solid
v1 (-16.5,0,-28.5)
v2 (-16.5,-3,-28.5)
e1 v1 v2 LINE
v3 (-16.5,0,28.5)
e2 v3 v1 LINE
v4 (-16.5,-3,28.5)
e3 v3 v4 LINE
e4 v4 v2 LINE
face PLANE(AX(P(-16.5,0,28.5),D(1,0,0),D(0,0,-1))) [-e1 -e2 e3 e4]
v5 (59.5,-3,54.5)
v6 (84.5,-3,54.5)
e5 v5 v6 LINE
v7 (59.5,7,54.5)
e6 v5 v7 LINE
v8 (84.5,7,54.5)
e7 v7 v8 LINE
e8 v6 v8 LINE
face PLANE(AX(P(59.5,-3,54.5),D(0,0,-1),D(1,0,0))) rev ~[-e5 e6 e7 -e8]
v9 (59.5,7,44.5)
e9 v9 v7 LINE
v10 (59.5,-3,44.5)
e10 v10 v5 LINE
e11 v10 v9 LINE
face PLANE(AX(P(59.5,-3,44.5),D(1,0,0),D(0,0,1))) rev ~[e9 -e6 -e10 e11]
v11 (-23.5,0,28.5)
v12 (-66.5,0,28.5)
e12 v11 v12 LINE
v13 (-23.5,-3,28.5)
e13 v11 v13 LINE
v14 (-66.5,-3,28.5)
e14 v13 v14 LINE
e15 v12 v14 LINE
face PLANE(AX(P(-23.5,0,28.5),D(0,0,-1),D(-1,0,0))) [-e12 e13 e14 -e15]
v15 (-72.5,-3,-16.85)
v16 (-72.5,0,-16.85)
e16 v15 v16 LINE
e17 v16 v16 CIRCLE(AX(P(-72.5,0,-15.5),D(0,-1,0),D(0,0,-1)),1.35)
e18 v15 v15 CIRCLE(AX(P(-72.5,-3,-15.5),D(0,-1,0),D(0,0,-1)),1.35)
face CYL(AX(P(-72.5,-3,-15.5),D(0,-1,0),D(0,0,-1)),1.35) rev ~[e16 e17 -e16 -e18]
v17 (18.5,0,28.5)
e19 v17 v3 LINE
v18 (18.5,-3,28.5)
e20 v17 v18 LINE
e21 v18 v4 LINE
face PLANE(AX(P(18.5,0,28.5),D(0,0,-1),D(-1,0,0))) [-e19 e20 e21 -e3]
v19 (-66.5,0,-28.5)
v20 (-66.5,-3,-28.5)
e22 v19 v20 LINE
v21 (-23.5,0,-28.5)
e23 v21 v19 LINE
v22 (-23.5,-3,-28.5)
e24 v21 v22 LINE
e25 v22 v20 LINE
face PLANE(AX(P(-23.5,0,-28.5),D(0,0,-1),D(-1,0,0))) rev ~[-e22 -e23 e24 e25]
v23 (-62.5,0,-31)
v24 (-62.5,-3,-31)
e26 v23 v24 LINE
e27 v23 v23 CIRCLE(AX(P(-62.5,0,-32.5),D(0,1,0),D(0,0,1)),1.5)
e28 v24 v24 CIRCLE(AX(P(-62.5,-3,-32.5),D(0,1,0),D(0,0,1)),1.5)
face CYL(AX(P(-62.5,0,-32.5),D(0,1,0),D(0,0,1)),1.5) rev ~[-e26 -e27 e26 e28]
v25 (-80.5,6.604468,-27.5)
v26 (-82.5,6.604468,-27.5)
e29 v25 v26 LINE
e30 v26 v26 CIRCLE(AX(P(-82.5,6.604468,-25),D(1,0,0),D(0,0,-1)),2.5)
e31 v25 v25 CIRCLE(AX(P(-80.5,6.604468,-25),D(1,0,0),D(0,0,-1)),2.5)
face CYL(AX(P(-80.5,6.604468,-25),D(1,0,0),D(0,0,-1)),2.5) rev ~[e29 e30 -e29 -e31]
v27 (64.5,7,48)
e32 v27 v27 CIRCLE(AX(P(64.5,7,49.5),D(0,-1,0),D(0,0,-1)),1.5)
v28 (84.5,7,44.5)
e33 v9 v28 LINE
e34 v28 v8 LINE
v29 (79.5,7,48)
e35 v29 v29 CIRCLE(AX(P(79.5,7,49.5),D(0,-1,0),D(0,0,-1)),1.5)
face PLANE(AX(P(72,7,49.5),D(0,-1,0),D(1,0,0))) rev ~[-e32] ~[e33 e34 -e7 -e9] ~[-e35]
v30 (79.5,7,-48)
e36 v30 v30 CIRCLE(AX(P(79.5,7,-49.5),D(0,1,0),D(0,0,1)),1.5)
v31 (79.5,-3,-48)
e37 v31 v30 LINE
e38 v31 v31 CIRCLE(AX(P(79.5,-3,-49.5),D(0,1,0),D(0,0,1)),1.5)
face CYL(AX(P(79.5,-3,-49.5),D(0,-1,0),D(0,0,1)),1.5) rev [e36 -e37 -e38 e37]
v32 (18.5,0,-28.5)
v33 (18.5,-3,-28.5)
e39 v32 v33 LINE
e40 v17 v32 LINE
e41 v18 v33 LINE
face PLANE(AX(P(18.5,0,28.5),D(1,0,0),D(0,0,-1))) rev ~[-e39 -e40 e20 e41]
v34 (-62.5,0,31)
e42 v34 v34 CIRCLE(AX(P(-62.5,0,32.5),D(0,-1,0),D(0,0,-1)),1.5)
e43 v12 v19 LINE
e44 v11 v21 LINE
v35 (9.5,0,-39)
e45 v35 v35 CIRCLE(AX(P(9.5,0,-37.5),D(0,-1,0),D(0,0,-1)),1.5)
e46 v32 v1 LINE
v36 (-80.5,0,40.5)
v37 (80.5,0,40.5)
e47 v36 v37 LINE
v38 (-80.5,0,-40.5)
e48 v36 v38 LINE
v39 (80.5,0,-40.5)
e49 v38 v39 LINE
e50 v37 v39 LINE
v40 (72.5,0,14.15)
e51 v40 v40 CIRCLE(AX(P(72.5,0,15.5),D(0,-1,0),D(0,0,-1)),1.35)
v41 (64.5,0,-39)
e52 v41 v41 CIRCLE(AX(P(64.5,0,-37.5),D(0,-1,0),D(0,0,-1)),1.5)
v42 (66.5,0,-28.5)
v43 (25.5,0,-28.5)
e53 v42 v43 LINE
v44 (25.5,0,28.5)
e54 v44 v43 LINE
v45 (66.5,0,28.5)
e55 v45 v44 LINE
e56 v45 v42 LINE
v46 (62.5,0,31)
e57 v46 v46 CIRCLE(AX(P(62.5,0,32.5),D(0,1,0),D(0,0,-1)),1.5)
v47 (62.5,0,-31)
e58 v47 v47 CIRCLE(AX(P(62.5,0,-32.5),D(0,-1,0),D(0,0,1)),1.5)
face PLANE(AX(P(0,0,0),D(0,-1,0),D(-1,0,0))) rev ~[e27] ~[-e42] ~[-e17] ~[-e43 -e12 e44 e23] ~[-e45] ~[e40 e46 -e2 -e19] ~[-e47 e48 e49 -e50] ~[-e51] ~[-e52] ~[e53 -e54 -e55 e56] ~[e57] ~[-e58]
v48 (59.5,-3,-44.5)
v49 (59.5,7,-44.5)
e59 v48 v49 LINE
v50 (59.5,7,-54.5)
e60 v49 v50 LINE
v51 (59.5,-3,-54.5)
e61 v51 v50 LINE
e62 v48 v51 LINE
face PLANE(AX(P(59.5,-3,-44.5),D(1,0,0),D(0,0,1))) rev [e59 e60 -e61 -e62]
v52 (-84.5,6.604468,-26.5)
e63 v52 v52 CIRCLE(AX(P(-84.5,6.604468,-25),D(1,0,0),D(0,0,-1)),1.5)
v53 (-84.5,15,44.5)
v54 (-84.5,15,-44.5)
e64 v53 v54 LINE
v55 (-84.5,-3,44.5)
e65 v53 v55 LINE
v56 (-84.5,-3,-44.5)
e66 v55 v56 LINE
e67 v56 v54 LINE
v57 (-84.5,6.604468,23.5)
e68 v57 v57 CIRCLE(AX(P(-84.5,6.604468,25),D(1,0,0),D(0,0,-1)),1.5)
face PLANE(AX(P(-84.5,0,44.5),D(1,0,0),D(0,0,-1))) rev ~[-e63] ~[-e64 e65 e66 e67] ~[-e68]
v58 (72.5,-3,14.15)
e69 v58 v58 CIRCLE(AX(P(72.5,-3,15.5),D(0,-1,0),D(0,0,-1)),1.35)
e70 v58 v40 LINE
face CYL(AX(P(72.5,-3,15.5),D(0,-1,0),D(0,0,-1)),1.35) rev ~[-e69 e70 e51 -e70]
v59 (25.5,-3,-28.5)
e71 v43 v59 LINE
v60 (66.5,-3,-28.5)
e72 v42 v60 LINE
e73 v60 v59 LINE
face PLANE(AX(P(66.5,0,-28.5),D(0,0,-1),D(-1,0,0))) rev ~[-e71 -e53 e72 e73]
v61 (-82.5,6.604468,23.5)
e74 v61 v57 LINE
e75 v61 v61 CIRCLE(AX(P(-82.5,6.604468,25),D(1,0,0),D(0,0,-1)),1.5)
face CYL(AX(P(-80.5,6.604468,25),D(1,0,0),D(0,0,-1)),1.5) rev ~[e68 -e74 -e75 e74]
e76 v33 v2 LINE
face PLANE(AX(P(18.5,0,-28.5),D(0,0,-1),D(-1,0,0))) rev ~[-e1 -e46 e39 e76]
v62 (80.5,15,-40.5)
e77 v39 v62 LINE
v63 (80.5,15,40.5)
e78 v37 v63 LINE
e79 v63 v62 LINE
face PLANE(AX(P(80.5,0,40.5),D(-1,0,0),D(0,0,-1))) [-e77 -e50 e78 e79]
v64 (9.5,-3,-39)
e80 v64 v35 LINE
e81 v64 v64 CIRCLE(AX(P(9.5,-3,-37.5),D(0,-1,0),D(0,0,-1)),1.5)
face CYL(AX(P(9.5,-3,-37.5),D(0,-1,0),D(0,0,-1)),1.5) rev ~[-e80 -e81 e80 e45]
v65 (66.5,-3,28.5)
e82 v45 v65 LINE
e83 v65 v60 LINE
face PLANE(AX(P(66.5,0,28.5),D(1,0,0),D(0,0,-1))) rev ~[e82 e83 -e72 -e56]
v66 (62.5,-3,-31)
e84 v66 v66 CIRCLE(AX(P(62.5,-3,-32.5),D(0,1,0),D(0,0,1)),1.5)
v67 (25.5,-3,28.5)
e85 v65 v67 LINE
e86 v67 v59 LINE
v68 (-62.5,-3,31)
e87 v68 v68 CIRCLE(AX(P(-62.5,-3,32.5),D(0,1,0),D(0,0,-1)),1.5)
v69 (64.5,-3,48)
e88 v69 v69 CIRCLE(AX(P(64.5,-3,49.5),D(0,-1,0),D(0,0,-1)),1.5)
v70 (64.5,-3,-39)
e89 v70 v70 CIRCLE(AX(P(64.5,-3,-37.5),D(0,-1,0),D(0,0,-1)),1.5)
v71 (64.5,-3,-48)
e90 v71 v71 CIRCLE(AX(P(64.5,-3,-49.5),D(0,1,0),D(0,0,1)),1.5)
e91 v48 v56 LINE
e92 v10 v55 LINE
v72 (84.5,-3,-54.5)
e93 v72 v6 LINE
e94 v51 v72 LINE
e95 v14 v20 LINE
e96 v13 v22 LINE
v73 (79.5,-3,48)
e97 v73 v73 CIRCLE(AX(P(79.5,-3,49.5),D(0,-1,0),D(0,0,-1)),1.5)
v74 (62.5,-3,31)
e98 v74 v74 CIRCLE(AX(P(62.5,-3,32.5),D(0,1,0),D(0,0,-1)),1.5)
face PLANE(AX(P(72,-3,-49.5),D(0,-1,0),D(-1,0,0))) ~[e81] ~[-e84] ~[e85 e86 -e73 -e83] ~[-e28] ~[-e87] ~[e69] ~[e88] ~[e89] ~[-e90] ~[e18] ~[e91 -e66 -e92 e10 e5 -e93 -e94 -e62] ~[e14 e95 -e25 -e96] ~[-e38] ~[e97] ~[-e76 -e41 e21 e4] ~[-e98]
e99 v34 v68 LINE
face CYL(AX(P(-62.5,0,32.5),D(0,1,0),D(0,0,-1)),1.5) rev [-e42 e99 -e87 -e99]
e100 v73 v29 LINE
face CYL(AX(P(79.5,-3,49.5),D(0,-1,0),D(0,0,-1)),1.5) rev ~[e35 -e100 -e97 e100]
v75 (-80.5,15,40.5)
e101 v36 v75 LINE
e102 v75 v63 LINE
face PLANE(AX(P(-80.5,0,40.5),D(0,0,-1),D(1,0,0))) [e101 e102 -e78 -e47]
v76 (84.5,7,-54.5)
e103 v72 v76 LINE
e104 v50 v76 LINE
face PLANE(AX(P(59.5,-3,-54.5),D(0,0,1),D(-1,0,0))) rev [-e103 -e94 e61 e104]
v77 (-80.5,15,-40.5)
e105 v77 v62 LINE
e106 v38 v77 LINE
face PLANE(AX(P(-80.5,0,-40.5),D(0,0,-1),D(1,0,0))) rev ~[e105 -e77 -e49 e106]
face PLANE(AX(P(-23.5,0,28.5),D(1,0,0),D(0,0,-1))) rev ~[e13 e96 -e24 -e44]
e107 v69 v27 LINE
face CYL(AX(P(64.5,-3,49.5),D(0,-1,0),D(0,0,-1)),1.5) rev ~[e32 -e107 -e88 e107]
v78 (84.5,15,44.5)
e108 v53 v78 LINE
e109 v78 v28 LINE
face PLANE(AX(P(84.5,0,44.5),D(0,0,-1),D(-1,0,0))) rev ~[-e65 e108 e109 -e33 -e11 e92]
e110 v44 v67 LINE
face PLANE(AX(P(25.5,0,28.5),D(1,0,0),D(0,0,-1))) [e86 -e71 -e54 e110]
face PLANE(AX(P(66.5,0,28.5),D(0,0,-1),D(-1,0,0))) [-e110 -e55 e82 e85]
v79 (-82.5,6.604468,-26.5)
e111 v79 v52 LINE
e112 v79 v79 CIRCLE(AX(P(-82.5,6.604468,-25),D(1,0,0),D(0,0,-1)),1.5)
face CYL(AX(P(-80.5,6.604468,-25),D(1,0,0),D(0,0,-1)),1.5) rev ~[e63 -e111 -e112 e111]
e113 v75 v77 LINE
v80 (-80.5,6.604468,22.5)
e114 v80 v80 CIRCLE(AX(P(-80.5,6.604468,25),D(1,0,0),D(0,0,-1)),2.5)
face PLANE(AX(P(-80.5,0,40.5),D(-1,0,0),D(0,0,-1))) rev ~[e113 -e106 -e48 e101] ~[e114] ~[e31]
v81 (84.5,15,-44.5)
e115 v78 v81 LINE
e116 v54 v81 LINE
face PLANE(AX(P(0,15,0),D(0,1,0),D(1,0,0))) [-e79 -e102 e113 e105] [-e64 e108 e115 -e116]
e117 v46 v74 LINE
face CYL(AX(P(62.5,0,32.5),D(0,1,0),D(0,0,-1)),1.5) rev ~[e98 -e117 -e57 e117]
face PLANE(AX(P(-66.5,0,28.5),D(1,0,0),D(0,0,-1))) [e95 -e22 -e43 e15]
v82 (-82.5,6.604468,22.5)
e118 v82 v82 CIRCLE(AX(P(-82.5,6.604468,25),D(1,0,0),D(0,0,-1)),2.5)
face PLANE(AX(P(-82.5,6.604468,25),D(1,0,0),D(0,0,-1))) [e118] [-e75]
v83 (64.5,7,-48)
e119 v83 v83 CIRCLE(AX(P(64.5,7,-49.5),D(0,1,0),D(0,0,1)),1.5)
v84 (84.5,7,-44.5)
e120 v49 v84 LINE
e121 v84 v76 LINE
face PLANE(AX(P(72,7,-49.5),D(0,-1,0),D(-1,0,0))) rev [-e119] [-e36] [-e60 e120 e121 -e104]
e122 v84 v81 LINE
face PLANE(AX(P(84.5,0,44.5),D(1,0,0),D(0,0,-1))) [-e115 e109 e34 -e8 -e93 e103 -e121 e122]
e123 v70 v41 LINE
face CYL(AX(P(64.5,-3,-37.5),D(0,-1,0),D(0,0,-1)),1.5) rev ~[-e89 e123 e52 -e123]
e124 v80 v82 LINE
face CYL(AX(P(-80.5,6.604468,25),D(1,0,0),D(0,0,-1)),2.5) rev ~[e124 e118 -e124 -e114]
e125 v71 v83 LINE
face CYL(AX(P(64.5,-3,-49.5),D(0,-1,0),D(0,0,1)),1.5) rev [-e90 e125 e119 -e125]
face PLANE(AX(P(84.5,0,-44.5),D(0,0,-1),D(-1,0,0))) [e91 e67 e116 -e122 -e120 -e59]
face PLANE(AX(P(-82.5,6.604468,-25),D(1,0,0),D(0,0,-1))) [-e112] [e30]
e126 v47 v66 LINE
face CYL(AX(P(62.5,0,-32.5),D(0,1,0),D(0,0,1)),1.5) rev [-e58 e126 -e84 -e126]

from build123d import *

# Parameters (mm, degrees)
SKETCH1_W               = 169
SKETCH1_H               = 89
SKETCH1_W_2             = 161
SKETCH1_H_2             = 81
BOSS_EXTRUDE1_DEPTH     = 15
SKETCH2_W               = 169
SKETCH2_H               = 89
SKETCH2_W_2             = 43
SKETCH2_H_2             = 57
SKETCH2_W_3             = 41
SKETCH2_W_4             = 35
BOSS_EXTRUDE2_DEPTH     = 3
SKETCH4_R               = 1.5
CUT_EXTRUDE1_DEPTH      = 13
SKETCH5_R               = 2.5
CUT_EXTRUDE2_DEPTH      = 2
SKETCH6_R               = 1.5
CUT_EXTRUDE3_DEPTH      = 10
SKETCH8_R               = 1.5
CUT_EXTRUDE4_DEPTH      = 4
MIRROR2_COPY_1_SKETCH_R = 1.5
MIRROR2_COPY_1_DEPTH    = 4
SKETCH10_R              = 1.35
CUT_EXTRUDE5_DEPTH      = 4
SKETCH11_W              = 25
SKETCH11_H              = 10
BOSS_EXTRUDE3_DEPTH     = 10
SKETCH12_R              = 1.5
CUT_EXTRUDE6_DEPTH      = 10


with BuildPart() as part:
    # Sketch1 → Boss-Extrude1 (new body)
    with BuildSketch(Plane(origin=(0, 0, 0), x_dir=(1, 0, 0), z_dir=(0, 1, 0))):
        Rectangle(SKETCH1_W, SKETCH1_H)
        Rectangle(SKETCH1_W_2, SKETCH1_H_2, mode=Mode.SUBTRACT)
    extrude(amount=BOSS_EXTRUDE1_DEPTH)

    # Sketch2 → Boss-Extrude2 (add)
    with BuildSketch(Plane(origin=(0, 0, 0), x_dir=(-1, 0, 0), z_dir=(0, -1, 0))):
        Rectangle(SKETCH2_W, SKETCH2_H)
        with Locations((45, 0)):
            Rectangle(SKETCH2_W_2, SKETCH2_H_2, mode=Mode.SUBTRACT)
        with Locations((-46, 0)):
            Rectangle(SKETCH2_W_3, SKETCH2_H_2, mode=Mode.SUBTRACT)
        with Locations((-1, 0)):
            Rectangle(SKETCH2_W_4, SKETCH2_H_2, mode=Mode.SUBTRACT)
    extrude(amount=BOSS_EXTRUDE2_DEPTH)

    # Sketch4 → Cut-Extrude1 (cut)
    with BuildSketch(Plane(origin=(-80.5, 0, 0), x_dir=(0, 0, -1), z_dir=(1, 0, 0))):
        with Locations((-25, 6.604468408)):
            Circle(SKETCH4_R)
        with Locations((25, 6.604468408)):
            Circle(SKETCH4_R)
    extrude(amount=-CUT_EXTRUDE1_DEPTH, mode=Mode.SUBTRACT)

    # Sketch5 → Cut-Extrude2 (cut)
    with BuildSketch(Plane(origin=(-80.5, 0, 0), x_dir=(0, 0, -1), z_dir=(1, 0, 0))):
        with Locations((-25, 6.604468408)):
            Circle(SKETCH5_R)
        with Locations((25, 6.604468408)):
            Circle(SKETCH5_R)
    extrude(amount=-CUT_EXTRUDE2_DEPTH, mode=Mode.SUBTRACT)

    # Sketch6 → Cut-Extrude3 (cut)
    with BuildSketch(Plane(origin=(0, -3, 0), x_dir=(-1, 0, 0), z_dir=(0, -1, 0))):
        with Locations(Location((-9.5, 37.5, 0), (0, 0, 90))):
            Circle(SKETCH6_R)
        with Locations(Location((-64.5, 37.5, 0), (0, 0, 90))):
            Circle(SKETCH6_R)
    extrude(amount=-CUT_EXTRUDE3_DEPTH, mode=Mode.SUBTRACT)

    # Sketch8 → Cut-Extrude4 (cut)
    with BuildSketch(Plane(origin=(0, 0, 0), x_dir=(1, 0, 0), z_dir=(0, 1, 0))):
        with Locations(Location((-62.5, 32.5, 0), (0, 0, 270))):
            Circle(SKETCH8_R)
    cut_extrude4 = extrude(amount=-CUT_EXTRUDE4_DEPTH, mode=Mode.SUBTRACT)

    # Mirror1: Cut-Extrude4 across plane
    add(cut_extrude4.mirror(Plane(origin=(0, 0, 0), x_dir=(0, 0, 1), z_dir=(1, 0, 0))), mode=Mode.SUBTRACT)

    # Mirror2: Cut-Extrude4 across plane
    add(cut_extrude4.mirror(Plane.XY), mode=Mode.SUBTRACT)

    # Mirror2 copy 1 sketch → Mirror2 copy 1 (cut)
    with BuildSketch(Plane(origin=(0, 0, 0), x_dir=(-1, 0, 0), z_dir=(0, 1, 0))):
        with Locations(Location((-62.5, 32.5, 0), (0, 0, 270))):
            Circle(MIRROR2_COPY_1_SKETCH_R)
    extrude(amount=-MIRROR2_COPY_1_DEPTH, mode=Mode.SUBTRACT)

    # Sketch10 → Cut-Extrude5 (cut)
    with BuildSketch(Plane.XZ.offset(3)):
        with Locations(Location((72.5, 15.5, 0), (0, 0, 270))):
            Circle(SKETCH10_R)
        with Locations(Location((-72.5, -15.5, 0), (0, 0, 270))):
            Circle(SKETCH10_R)
    extrude(amount=-CUT_EXTRUDE5_DEPTH, mode=Mode.SUBTRACT)

    # Sketch11 → Boss-Extrude3 (add)
    with BuildSketch(Plane.XZ.offset(3)):
        with Locations((72, 49.5)):
            Rectangle(SKETCH11_W, SKETCH11_H)
    boss_extrude3 = extrude(amount=-BOSS_EXTRUDE3_DEPTH)

    # Sketch12 → Cut-Extrude6 (cut)
    with BuildSketch(Plane.XZ.offset(3)):
        with Locations(Location((64.5, 49.5, 0), (0, 0, 270))):
            Circle(SKETCH12_R)
        with Locations(Location((79.5, 49.5, 0), (0, 0, 270))):
            Circle(SKETCH12_R)
    cut_extrude6 = extrude(amount=-CUT_EXTRUDE6_DEPTH, mode=Mode.SUBTRACT)

    # Mirror3: Boss-Extrude3, Cut-Extrude6 across plane
    add(boss_extrude3.mirror(Plane.XY))
    add(cut_extrude6.mirror(Plane.XY), mode=Mode.SUBTRACT)


solid = part.part
